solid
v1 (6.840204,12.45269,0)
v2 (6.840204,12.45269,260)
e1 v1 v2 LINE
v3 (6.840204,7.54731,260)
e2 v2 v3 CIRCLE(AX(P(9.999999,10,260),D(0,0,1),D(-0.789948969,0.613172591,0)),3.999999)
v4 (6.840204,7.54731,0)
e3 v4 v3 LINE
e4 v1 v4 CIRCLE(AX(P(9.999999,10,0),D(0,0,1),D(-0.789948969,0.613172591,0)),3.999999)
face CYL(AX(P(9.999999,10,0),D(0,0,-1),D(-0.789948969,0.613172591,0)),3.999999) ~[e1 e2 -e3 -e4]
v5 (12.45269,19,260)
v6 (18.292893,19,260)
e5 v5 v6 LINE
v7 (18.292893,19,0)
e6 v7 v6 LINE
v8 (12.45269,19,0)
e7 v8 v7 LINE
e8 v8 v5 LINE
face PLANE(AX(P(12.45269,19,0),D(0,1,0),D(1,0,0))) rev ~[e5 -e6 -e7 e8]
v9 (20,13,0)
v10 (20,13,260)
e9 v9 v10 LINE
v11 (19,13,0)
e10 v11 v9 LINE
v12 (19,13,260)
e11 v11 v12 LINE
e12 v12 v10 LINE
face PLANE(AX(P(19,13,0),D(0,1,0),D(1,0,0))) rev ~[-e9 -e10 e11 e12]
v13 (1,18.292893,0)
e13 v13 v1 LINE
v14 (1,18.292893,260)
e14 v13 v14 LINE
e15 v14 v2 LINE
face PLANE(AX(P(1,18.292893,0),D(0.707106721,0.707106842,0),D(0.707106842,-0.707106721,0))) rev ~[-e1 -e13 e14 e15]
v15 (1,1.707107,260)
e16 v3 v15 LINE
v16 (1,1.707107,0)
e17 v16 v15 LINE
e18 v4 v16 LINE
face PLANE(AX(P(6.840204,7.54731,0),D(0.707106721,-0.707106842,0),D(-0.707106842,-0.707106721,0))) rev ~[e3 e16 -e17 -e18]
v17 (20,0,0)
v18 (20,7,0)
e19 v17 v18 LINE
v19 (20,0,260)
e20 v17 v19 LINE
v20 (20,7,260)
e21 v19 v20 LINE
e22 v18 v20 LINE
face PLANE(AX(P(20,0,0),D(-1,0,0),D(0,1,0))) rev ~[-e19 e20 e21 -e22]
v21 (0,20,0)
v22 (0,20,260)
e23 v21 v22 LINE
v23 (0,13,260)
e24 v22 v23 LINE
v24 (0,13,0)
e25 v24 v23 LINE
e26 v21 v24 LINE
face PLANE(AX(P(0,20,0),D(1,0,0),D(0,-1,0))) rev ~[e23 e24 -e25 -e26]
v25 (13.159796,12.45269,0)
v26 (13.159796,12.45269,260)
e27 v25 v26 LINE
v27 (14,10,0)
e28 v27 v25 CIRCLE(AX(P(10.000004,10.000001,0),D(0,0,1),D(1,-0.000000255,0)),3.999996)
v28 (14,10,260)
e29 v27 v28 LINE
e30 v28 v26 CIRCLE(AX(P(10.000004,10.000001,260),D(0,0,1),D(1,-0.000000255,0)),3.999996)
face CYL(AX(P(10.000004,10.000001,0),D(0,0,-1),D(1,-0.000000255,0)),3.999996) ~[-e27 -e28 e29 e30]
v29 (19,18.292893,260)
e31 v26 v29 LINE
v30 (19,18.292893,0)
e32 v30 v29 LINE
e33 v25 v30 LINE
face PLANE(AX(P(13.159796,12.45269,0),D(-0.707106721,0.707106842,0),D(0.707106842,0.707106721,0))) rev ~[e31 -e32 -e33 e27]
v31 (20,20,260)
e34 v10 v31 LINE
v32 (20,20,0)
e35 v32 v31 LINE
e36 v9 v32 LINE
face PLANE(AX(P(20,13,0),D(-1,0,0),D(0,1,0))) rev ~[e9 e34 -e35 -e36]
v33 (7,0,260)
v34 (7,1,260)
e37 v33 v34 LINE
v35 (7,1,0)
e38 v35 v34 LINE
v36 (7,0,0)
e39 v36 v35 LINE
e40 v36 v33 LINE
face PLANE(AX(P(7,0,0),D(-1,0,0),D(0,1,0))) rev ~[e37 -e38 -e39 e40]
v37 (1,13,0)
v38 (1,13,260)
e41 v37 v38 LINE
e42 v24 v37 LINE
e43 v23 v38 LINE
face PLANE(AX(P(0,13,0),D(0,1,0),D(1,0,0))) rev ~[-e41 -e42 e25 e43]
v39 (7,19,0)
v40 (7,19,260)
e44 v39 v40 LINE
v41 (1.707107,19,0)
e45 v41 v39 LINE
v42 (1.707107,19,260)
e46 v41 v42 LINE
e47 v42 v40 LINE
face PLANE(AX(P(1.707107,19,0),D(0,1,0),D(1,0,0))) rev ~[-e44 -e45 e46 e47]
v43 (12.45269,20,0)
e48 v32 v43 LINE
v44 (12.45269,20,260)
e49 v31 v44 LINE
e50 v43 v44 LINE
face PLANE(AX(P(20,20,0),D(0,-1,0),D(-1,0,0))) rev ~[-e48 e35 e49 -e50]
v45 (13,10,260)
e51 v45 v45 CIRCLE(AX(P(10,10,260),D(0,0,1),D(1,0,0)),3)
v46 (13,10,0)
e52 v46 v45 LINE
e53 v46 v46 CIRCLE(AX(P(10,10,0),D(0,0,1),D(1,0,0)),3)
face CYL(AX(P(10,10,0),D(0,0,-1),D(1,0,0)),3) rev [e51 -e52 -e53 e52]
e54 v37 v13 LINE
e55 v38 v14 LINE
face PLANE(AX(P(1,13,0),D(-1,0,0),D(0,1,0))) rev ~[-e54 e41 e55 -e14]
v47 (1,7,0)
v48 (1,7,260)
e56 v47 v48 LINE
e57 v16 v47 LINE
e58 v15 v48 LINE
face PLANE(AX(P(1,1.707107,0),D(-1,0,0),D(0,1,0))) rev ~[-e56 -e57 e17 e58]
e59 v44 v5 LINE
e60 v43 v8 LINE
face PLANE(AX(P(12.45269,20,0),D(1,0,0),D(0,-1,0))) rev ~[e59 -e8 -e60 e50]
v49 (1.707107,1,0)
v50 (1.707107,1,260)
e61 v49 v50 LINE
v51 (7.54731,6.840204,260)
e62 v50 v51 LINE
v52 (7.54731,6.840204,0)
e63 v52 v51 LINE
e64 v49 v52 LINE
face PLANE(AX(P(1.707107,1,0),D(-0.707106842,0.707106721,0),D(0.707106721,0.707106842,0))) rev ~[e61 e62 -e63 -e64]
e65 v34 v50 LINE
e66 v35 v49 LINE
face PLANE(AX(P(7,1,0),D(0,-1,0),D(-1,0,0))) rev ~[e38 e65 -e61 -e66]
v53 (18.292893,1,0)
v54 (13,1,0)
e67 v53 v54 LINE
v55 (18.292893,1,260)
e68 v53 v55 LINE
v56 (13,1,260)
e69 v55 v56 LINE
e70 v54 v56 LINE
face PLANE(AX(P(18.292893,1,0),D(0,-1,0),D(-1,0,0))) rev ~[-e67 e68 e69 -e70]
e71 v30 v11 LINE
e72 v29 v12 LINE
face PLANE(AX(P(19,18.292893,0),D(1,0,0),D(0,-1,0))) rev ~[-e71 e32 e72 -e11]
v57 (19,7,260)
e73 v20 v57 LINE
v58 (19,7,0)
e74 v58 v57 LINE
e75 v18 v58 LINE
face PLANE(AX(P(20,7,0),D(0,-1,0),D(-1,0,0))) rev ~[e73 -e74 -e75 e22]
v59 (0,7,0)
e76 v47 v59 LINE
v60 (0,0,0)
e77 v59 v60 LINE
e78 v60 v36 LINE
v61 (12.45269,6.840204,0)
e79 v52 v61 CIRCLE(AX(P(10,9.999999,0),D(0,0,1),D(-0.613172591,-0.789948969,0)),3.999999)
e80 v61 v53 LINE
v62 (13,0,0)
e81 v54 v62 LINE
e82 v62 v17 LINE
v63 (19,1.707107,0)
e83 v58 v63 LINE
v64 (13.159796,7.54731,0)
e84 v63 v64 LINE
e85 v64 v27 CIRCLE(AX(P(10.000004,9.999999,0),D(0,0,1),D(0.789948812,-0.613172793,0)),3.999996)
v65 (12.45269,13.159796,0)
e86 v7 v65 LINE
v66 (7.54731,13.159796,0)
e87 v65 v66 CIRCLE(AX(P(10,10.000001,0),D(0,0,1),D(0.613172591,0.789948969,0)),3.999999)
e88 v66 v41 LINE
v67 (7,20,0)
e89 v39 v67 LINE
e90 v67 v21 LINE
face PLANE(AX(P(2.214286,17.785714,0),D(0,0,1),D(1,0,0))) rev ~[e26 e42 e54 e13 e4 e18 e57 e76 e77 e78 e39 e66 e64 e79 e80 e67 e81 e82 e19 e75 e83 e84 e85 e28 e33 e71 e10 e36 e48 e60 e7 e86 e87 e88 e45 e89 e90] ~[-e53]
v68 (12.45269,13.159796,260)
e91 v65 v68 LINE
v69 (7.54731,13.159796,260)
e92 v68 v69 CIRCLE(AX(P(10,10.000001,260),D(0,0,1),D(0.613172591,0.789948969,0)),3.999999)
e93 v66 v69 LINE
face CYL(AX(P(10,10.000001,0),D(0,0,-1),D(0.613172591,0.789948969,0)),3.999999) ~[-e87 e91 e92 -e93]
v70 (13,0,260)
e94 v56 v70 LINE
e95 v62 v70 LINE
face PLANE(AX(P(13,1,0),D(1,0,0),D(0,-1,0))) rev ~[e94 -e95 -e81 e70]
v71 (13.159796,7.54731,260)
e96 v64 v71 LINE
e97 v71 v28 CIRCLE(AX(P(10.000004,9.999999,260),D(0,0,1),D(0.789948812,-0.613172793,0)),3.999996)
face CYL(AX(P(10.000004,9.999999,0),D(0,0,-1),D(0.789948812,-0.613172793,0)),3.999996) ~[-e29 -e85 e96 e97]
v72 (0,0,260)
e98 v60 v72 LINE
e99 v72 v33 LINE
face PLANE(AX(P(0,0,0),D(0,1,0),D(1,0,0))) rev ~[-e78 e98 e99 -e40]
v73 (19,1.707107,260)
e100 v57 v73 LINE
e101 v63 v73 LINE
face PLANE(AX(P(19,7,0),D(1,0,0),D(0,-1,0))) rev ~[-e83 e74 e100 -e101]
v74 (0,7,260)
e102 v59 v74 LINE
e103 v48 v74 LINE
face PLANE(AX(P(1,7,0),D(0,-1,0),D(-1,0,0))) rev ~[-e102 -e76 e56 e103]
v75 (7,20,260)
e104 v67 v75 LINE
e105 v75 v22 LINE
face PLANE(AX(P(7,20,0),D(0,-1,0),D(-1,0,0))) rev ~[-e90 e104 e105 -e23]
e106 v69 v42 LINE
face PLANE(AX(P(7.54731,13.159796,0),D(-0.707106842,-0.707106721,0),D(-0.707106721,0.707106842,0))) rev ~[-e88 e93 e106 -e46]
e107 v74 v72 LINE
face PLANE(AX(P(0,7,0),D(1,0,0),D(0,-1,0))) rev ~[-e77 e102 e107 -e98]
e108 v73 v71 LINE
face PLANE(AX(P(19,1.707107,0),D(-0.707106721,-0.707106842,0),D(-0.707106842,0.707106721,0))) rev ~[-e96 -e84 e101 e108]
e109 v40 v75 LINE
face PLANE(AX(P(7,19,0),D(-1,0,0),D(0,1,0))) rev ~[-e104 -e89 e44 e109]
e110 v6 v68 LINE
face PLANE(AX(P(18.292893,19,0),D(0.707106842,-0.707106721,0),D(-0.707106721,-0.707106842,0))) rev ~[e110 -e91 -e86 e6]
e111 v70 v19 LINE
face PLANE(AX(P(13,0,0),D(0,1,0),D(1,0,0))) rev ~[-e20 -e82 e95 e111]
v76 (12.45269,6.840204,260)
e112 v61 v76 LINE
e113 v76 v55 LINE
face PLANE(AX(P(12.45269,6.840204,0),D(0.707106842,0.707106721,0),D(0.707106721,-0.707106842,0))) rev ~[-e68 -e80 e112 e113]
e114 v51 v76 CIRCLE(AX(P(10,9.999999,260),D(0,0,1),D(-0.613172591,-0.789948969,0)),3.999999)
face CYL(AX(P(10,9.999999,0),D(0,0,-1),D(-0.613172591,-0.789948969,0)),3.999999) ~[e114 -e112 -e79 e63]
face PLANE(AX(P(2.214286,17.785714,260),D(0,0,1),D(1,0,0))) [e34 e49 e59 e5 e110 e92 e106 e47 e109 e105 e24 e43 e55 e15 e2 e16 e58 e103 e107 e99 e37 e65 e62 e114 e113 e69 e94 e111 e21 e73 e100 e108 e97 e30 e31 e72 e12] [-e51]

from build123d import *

# Parameters (mm, degrees)
F0_R     = 3
F1_DEPTH = 260


with BuildPart() as f1:
    # F0 (on Top) → F1 (new body)
    with BuildSketch(Plane.XY):
        Polygon((0, 20), (0, 13), (1, 13), (1, 18.292893), (1, 19), (1.707107, 19), (7, 19), (7, 20), align=None)
        with BuildLine():
            Line((1, 19), (1, 18.292893))
            Line((1, 18.292893), (6.840204, 12.45269))
            ThreePointArc((6.840204, 12.45269), (7.171573, 12.828427), (7.54731, 13.159796))
            Line((7.54731, 13.159796), (1.707107, 19))
            Line((1.707107, 19), (1, 19))
        make_face()
        Polygon((19, 13), (20, 13), (20, 20), (12.45269, 20), (12.45269, 19), (18.292893, 19), (19, 19), (19, 18.292893), align=None)
        with BuildLine():
            Line((13.159796, 12.45269), (19, 18.292893))
            Line((19, 18.292893), (19, 19))
            Line((19, 19), (18.292893, 19))
            Line((18.292893, 19), (12.45269, 13.159796))
            ThreePointArc((12.45269, 13.159796), (12.828427, 12.828427), (13.159796, 12.45269))
        make_face()
        Polygon((13, 1), (13, 0), (20, 0), (20, 7), (19, 7), (19, 1.707107), (19, 1), (18.292893, 1), align=None)
        with BuildLine():
            Line((12.45269, 6.840204), (18.292893, 1))
            Line((18.292893, 1), (19, 1))
            Line((19, 1), (19, 1.707107))
            Line((19, 1.707107), (13.159796, 7.54731))
            ThreePointArc((13.159796, 7.54731), (12.828427, 7.171573), (12.45269, 6.840204))
        make_face()
        Polygon((0, 7), (0, 0), (7, 0), (7, 1), (1.707107, 1), (1, 1), (1, 1.707107), (1, 7), align=None)
        with BuildLine():
            Line((1, 1), (1.707107, 1))
            Line((1.707107, 1), (7.54731, 6.840204))
            ThreePointArc((7.54731, 6.840204), (7.171573, 7.171573), (6.840204, 7.54731))
            Line((6.840204, 7.54731), (1, 1.707107))
            Line((1, 1.707107), (1, 1))
        make_face()
        with BuildLine():
            ThreePointArc((6.840204, 7.54731), (7.171573, 7.171573), (7.54731, 6.840204))
            ThreePointArc((7.54731, 6.840204), (10, 6), (12.45269, 6.840204))
            ThreePointArc((12.45269, 6.840204), (12.828427, 7.171573), (13.159796, 7.54731))
            ThreePointArc((13.159796, 7.54731), (13.784124, 8.703695), (14, 10))
            ThreePointArc((14, 10), (13.784124, 11.296305), (13.159796, 12.45269))
            ThreePointArc((13.159796, 12.45269), (12.828427, 12.828427), (12.45269, 13.159796))
            ThreePointArc((12.45269, 13.159796), (10, 14), (7.54731, 13.159796))
            ThreePointArc((7.54731, 13.159796), (7.171573, 12.828427), (6.840204, 12.45269))
            ThreePointArc((6.840204, 12.45269), (6, 10), (6.840204, 7.54731))
        make_face()
        with Locations((10, 10)):
            Circle(F0_R, mode=Mode.SUBTRACT)
    extrude(amount=F1_DEPTH)


solid = f1.part
